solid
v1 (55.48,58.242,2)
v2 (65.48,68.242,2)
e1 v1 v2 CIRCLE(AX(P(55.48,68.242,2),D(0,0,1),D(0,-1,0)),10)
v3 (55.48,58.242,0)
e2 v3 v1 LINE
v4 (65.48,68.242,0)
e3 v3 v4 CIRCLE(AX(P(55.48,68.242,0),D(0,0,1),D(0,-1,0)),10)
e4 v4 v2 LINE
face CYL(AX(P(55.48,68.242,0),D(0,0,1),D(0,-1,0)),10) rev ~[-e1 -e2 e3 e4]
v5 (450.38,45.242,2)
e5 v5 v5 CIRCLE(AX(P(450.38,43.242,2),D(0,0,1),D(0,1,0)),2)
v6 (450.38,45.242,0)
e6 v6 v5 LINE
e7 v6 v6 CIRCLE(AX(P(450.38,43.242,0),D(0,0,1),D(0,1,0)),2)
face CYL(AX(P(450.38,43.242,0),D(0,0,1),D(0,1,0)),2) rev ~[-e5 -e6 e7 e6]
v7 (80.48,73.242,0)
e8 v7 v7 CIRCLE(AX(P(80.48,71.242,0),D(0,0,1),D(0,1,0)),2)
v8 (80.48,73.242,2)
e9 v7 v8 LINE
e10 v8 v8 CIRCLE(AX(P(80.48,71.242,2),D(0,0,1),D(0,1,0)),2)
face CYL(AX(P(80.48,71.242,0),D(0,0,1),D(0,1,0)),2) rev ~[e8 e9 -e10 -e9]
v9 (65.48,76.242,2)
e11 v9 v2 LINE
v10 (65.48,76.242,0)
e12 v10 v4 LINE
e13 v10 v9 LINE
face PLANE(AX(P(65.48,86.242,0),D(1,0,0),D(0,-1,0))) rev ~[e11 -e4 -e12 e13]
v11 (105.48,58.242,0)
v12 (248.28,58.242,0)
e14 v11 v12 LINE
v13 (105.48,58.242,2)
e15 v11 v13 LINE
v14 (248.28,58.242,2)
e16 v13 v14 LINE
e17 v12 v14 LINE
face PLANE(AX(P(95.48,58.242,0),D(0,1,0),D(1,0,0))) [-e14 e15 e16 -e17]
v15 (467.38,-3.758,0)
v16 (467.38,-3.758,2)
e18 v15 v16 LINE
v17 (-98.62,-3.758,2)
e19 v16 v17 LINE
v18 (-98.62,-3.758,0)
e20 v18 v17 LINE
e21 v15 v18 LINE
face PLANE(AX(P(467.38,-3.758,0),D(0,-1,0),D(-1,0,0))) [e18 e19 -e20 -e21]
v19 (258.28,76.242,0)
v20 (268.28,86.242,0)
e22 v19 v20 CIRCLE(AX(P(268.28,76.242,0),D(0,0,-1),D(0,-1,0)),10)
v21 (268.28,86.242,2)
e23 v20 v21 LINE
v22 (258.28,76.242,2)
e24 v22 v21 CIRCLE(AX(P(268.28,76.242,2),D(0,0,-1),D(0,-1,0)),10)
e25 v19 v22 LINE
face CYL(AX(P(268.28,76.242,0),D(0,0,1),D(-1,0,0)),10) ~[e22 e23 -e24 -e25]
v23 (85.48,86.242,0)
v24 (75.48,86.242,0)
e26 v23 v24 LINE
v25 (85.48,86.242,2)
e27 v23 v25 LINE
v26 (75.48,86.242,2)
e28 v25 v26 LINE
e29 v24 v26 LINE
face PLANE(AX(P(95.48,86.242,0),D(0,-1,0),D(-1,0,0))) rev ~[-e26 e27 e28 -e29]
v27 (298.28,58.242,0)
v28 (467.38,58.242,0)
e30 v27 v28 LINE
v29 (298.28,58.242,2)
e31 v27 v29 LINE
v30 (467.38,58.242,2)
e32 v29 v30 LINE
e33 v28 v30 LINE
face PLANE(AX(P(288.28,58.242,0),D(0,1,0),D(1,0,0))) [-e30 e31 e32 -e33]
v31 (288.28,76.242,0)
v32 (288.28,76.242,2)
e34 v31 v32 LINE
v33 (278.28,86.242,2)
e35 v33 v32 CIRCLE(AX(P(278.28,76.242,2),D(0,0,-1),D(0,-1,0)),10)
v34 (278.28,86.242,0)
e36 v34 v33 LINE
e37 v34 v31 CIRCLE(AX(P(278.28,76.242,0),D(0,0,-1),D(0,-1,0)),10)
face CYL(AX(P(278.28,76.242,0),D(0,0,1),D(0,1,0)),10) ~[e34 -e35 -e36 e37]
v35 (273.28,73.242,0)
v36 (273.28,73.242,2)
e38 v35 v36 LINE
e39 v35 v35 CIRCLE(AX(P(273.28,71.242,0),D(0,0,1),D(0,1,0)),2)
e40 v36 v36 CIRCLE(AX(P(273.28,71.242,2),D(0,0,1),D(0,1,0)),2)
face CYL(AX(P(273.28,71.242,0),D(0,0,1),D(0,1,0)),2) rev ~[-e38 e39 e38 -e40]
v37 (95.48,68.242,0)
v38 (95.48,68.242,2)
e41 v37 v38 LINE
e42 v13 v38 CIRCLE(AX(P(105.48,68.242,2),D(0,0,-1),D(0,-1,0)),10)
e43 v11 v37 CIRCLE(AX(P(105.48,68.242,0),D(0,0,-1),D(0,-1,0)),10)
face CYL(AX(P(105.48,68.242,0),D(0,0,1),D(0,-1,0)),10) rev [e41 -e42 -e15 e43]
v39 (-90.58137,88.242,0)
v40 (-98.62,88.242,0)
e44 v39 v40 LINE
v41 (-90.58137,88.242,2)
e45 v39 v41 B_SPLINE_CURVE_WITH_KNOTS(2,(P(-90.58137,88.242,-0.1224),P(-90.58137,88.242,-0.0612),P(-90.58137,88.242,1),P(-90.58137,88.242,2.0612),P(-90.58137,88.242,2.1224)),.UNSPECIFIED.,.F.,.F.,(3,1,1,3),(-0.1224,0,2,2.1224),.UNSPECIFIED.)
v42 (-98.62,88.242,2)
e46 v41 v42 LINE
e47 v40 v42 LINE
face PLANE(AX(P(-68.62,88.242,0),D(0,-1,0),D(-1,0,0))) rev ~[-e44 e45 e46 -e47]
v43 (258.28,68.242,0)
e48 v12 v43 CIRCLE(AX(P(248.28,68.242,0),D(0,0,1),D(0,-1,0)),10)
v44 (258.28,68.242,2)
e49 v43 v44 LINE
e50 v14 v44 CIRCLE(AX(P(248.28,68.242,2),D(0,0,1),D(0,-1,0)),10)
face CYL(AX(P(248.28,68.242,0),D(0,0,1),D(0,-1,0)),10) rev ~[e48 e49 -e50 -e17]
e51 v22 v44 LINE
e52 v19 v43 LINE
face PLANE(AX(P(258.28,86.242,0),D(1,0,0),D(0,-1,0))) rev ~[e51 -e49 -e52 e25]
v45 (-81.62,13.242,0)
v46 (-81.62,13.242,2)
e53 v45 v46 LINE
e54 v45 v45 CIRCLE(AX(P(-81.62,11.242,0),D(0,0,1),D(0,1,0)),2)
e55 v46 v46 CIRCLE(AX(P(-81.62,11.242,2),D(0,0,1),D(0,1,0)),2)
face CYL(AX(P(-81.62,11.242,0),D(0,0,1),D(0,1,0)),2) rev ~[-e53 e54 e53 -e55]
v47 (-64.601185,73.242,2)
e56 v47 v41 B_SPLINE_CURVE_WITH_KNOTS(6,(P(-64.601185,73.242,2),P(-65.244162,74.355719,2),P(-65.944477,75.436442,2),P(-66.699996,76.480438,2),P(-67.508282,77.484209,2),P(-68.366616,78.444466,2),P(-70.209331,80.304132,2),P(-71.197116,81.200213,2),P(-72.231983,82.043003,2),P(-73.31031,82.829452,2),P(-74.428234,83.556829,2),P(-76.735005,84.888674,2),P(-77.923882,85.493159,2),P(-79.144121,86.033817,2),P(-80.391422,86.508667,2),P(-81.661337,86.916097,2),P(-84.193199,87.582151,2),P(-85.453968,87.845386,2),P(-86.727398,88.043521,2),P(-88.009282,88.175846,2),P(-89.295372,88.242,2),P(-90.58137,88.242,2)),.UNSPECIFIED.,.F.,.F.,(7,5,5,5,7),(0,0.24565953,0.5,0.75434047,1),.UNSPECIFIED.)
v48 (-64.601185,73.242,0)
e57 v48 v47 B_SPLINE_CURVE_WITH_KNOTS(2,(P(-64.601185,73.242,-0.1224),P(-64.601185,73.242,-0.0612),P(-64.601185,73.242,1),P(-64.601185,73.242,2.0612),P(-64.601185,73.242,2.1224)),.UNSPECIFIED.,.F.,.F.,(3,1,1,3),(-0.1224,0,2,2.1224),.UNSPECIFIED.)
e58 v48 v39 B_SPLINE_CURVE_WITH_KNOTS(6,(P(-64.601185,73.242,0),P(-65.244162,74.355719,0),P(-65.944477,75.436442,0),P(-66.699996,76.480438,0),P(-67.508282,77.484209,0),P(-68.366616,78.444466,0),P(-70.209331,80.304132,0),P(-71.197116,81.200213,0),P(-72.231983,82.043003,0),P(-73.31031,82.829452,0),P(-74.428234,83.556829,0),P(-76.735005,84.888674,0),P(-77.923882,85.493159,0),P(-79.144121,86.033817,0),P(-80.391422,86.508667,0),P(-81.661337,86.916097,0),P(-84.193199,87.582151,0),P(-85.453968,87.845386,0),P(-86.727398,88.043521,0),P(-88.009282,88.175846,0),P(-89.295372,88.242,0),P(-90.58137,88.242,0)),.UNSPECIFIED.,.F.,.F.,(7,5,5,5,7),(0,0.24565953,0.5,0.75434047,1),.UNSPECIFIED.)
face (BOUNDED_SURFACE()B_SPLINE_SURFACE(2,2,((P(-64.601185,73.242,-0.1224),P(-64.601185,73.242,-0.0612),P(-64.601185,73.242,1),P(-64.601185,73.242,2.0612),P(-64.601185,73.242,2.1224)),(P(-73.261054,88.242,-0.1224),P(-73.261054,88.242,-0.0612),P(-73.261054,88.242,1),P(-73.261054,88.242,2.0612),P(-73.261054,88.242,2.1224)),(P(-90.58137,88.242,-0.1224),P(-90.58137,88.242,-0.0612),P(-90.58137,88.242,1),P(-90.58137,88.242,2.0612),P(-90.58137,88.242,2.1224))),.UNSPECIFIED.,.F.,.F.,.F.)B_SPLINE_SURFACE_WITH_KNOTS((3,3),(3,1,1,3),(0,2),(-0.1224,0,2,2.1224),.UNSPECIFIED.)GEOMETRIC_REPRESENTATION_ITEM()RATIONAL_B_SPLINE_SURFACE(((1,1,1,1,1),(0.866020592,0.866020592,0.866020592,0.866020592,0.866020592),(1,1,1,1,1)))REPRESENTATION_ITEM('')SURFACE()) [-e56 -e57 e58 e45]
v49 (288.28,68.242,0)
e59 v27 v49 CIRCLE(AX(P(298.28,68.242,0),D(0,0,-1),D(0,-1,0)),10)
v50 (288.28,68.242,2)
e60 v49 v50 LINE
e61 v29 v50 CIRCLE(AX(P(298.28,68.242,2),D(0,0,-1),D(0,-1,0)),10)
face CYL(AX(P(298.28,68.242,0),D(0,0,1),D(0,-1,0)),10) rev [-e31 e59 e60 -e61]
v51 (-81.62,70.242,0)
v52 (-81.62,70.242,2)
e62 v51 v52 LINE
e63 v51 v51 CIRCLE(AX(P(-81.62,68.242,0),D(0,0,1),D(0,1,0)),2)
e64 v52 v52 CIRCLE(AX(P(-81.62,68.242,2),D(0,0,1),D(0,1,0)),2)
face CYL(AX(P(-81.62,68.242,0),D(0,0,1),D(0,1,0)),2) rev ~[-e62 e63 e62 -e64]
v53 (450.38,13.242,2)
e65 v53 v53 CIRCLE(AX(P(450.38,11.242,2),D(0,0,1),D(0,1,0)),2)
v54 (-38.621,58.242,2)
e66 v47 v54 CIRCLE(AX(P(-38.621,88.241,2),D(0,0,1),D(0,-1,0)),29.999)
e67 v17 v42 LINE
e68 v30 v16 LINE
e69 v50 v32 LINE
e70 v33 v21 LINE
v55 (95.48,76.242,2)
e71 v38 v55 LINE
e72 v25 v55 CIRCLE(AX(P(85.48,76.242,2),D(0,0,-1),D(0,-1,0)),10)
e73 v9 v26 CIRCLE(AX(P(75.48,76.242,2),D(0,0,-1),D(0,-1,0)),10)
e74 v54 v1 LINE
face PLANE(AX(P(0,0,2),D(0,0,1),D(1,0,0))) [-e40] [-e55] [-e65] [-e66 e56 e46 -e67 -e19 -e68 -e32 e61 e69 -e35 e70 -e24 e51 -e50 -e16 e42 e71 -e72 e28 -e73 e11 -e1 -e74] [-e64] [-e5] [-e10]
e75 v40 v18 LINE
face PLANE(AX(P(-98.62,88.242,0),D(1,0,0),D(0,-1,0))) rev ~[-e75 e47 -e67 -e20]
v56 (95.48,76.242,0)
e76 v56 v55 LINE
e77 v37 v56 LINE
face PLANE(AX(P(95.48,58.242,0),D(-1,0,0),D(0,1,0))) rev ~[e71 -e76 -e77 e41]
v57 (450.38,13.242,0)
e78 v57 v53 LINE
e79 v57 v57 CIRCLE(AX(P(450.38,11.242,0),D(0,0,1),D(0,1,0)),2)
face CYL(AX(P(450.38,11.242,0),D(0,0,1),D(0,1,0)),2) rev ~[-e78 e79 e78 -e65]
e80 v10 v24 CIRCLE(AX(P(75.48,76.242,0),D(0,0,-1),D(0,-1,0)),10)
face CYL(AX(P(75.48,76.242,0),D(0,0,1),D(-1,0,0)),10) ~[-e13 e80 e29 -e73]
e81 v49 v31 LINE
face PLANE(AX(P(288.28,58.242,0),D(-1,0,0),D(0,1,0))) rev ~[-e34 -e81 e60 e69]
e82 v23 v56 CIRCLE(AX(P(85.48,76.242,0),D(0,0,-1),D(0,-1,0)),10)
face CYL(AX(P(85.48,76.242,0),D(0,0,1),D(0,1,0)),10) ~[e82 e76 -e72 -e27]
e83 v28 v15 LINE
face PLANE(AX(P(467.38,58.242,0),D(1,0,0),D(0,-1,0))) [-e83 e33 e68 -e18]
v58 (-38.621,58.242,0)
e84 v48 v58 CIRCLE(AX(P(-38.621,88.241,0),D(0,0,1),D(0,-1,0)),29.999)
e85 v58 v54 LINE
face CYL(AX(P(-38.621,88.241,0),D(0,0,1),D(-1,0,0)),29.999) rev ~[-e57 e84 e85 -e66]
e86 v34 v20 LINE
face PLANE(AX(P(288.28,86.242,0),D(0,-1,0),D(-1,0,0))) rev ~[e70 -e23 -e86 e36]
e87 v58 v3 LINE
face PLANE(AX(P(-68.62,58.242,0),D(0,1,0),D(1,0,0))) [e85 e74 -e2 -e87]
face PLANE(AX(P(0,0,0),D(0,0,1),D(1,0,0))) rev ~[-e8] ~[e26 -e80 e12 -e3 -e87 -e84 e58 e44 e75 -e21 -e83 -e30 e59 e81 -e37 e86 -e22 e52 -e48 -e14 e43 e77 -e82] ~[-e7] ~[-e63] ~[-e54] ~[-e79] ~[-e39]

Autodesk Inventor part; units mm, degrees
ref_plane "YZ Plane" through (0, 0, 0) normal (1, 0, 0) x (0, 1, 0)
ref_plane "XZ Plane" through (0, 0, 0) normal (0, 1, 0) x (-1, 0, 0)
ref_plane "XY Plane" through (0, 0, 0) normal (0, 0, 1) x (1, 0, 0)
sketch "Szkic1" plane through (0, 0, 0) normal (0, 0, 1) x (1, 0, 0)
  line L0 (-98.62, 58.242) -> (467.38, 58.242)
  line L1 (467.38, 58.242) -> (467.38, -3.758)
  line L2 (467.38, -3.758) -> (-98.62, -3.758)
  line L3 (-98.62, -3.758) -> (-98.62, 58.242)
  line L4 (65.48, 58.242) -> (95.48, 58.242)
  line L5 (95.48, 58.242) -> (95.48, 86.242)
  line L6 (95.48, 86.242) -> (65.48, 86.242)
  line L7 (65.48, 86.242) -> (65.48, 58.242)
  line L8 (258.28, 58.242) -> (288.28, 58.242)
  line L9 (288.28, 58.242) -> (288.28, 86.242)
  line L10 (288.28, 86.242) -> (258.28, 86.242)
  line L11 (258.28, 86.242) -> (258.28, 58.242)
  line L12 (-98.62, 58.242) -> (-68.62, 58.242)
  line L13 (-68.62, 58.242) -> (-68.62, 88.242)
  line L14 (-68.62, 88.242) -> (-98.62, 88.242)
  line L15 (-98.62, 88.242) -> (-98.62, 58.242)
  point P0 (0, 0)
  point P1 (80.48, 71.242)
  point P2 (273.28, 71.242)
  point P3 (-81.62, 68.242)
  point P4 (450.38, 43.242)
  point P5 (-81.62, 11.242)
  point P6 (450.38, 11.242)
  dimension "d0" = 566
  dimension "d1" = 62
  dimension "d2" = 30
  dimension "d3" = 28
  dimension "d4" = 30
  dimension "d5" = 28
  dimension "d6" = 164.1
  dimension "d7" = 356.9
  dimension "d11" = 15
  dimension "d12" = 15
  dimension "d13" = 15
  dimension "d14" = 15
  dimension "d16" = 15
  dimension "d17" = 17
  dimension "d18" = 17
  dimension "d26" = 17
  dimension "d27" = 15
  dimension "d28" = 17
  dimension "d29" = 15
  dimension "d30" = 30
  dimension "d31" = 30
  dimension "d33" = 20
extrude "Wyciągnięcie proste1" add sketch "Szkic1" along normal blind 2
fillet "Zaokrąglenie1" radius 10 8 edges at (258.28, 58.242, 1) (258.28, 86.242, 1) (288.28, 86.242, 1) (288.28, 58.242, 1) (95.48, 58.242, 1) (95.48, 86.242, 1) (65.48, 86.242, 1) (65.48, 58.242, 1)
hole "Otwór1" at (80.48, 71.242, 0) at (273.28, 71.242, 0) at (-81.62, 68.242, 0) at (450.38, 43.242, 0) at (-81.62, 11.242, 0) at (450.38, 11.242, 0) direction (0, 0, 1) diameter 4 end through all
fillet "Zaokrąglenie2" radius 30 2 edges at (-68.62, 58.242, 1) (-68.62, 88.242, 1)
equation "\"d3\" = d5"
equation "\"d12\" = d11"
equation "\"d13\" = 0.5 * d2"
equation "\"d14\" = 0.5 * d4"
equation "\"d16\" = d15"
equation "\"d27\" = d15"
equation "\"d29\" = d16"
equation "\"d15\" = 15"
properties part number "LC_ALU_2mm_Right_Plate"
